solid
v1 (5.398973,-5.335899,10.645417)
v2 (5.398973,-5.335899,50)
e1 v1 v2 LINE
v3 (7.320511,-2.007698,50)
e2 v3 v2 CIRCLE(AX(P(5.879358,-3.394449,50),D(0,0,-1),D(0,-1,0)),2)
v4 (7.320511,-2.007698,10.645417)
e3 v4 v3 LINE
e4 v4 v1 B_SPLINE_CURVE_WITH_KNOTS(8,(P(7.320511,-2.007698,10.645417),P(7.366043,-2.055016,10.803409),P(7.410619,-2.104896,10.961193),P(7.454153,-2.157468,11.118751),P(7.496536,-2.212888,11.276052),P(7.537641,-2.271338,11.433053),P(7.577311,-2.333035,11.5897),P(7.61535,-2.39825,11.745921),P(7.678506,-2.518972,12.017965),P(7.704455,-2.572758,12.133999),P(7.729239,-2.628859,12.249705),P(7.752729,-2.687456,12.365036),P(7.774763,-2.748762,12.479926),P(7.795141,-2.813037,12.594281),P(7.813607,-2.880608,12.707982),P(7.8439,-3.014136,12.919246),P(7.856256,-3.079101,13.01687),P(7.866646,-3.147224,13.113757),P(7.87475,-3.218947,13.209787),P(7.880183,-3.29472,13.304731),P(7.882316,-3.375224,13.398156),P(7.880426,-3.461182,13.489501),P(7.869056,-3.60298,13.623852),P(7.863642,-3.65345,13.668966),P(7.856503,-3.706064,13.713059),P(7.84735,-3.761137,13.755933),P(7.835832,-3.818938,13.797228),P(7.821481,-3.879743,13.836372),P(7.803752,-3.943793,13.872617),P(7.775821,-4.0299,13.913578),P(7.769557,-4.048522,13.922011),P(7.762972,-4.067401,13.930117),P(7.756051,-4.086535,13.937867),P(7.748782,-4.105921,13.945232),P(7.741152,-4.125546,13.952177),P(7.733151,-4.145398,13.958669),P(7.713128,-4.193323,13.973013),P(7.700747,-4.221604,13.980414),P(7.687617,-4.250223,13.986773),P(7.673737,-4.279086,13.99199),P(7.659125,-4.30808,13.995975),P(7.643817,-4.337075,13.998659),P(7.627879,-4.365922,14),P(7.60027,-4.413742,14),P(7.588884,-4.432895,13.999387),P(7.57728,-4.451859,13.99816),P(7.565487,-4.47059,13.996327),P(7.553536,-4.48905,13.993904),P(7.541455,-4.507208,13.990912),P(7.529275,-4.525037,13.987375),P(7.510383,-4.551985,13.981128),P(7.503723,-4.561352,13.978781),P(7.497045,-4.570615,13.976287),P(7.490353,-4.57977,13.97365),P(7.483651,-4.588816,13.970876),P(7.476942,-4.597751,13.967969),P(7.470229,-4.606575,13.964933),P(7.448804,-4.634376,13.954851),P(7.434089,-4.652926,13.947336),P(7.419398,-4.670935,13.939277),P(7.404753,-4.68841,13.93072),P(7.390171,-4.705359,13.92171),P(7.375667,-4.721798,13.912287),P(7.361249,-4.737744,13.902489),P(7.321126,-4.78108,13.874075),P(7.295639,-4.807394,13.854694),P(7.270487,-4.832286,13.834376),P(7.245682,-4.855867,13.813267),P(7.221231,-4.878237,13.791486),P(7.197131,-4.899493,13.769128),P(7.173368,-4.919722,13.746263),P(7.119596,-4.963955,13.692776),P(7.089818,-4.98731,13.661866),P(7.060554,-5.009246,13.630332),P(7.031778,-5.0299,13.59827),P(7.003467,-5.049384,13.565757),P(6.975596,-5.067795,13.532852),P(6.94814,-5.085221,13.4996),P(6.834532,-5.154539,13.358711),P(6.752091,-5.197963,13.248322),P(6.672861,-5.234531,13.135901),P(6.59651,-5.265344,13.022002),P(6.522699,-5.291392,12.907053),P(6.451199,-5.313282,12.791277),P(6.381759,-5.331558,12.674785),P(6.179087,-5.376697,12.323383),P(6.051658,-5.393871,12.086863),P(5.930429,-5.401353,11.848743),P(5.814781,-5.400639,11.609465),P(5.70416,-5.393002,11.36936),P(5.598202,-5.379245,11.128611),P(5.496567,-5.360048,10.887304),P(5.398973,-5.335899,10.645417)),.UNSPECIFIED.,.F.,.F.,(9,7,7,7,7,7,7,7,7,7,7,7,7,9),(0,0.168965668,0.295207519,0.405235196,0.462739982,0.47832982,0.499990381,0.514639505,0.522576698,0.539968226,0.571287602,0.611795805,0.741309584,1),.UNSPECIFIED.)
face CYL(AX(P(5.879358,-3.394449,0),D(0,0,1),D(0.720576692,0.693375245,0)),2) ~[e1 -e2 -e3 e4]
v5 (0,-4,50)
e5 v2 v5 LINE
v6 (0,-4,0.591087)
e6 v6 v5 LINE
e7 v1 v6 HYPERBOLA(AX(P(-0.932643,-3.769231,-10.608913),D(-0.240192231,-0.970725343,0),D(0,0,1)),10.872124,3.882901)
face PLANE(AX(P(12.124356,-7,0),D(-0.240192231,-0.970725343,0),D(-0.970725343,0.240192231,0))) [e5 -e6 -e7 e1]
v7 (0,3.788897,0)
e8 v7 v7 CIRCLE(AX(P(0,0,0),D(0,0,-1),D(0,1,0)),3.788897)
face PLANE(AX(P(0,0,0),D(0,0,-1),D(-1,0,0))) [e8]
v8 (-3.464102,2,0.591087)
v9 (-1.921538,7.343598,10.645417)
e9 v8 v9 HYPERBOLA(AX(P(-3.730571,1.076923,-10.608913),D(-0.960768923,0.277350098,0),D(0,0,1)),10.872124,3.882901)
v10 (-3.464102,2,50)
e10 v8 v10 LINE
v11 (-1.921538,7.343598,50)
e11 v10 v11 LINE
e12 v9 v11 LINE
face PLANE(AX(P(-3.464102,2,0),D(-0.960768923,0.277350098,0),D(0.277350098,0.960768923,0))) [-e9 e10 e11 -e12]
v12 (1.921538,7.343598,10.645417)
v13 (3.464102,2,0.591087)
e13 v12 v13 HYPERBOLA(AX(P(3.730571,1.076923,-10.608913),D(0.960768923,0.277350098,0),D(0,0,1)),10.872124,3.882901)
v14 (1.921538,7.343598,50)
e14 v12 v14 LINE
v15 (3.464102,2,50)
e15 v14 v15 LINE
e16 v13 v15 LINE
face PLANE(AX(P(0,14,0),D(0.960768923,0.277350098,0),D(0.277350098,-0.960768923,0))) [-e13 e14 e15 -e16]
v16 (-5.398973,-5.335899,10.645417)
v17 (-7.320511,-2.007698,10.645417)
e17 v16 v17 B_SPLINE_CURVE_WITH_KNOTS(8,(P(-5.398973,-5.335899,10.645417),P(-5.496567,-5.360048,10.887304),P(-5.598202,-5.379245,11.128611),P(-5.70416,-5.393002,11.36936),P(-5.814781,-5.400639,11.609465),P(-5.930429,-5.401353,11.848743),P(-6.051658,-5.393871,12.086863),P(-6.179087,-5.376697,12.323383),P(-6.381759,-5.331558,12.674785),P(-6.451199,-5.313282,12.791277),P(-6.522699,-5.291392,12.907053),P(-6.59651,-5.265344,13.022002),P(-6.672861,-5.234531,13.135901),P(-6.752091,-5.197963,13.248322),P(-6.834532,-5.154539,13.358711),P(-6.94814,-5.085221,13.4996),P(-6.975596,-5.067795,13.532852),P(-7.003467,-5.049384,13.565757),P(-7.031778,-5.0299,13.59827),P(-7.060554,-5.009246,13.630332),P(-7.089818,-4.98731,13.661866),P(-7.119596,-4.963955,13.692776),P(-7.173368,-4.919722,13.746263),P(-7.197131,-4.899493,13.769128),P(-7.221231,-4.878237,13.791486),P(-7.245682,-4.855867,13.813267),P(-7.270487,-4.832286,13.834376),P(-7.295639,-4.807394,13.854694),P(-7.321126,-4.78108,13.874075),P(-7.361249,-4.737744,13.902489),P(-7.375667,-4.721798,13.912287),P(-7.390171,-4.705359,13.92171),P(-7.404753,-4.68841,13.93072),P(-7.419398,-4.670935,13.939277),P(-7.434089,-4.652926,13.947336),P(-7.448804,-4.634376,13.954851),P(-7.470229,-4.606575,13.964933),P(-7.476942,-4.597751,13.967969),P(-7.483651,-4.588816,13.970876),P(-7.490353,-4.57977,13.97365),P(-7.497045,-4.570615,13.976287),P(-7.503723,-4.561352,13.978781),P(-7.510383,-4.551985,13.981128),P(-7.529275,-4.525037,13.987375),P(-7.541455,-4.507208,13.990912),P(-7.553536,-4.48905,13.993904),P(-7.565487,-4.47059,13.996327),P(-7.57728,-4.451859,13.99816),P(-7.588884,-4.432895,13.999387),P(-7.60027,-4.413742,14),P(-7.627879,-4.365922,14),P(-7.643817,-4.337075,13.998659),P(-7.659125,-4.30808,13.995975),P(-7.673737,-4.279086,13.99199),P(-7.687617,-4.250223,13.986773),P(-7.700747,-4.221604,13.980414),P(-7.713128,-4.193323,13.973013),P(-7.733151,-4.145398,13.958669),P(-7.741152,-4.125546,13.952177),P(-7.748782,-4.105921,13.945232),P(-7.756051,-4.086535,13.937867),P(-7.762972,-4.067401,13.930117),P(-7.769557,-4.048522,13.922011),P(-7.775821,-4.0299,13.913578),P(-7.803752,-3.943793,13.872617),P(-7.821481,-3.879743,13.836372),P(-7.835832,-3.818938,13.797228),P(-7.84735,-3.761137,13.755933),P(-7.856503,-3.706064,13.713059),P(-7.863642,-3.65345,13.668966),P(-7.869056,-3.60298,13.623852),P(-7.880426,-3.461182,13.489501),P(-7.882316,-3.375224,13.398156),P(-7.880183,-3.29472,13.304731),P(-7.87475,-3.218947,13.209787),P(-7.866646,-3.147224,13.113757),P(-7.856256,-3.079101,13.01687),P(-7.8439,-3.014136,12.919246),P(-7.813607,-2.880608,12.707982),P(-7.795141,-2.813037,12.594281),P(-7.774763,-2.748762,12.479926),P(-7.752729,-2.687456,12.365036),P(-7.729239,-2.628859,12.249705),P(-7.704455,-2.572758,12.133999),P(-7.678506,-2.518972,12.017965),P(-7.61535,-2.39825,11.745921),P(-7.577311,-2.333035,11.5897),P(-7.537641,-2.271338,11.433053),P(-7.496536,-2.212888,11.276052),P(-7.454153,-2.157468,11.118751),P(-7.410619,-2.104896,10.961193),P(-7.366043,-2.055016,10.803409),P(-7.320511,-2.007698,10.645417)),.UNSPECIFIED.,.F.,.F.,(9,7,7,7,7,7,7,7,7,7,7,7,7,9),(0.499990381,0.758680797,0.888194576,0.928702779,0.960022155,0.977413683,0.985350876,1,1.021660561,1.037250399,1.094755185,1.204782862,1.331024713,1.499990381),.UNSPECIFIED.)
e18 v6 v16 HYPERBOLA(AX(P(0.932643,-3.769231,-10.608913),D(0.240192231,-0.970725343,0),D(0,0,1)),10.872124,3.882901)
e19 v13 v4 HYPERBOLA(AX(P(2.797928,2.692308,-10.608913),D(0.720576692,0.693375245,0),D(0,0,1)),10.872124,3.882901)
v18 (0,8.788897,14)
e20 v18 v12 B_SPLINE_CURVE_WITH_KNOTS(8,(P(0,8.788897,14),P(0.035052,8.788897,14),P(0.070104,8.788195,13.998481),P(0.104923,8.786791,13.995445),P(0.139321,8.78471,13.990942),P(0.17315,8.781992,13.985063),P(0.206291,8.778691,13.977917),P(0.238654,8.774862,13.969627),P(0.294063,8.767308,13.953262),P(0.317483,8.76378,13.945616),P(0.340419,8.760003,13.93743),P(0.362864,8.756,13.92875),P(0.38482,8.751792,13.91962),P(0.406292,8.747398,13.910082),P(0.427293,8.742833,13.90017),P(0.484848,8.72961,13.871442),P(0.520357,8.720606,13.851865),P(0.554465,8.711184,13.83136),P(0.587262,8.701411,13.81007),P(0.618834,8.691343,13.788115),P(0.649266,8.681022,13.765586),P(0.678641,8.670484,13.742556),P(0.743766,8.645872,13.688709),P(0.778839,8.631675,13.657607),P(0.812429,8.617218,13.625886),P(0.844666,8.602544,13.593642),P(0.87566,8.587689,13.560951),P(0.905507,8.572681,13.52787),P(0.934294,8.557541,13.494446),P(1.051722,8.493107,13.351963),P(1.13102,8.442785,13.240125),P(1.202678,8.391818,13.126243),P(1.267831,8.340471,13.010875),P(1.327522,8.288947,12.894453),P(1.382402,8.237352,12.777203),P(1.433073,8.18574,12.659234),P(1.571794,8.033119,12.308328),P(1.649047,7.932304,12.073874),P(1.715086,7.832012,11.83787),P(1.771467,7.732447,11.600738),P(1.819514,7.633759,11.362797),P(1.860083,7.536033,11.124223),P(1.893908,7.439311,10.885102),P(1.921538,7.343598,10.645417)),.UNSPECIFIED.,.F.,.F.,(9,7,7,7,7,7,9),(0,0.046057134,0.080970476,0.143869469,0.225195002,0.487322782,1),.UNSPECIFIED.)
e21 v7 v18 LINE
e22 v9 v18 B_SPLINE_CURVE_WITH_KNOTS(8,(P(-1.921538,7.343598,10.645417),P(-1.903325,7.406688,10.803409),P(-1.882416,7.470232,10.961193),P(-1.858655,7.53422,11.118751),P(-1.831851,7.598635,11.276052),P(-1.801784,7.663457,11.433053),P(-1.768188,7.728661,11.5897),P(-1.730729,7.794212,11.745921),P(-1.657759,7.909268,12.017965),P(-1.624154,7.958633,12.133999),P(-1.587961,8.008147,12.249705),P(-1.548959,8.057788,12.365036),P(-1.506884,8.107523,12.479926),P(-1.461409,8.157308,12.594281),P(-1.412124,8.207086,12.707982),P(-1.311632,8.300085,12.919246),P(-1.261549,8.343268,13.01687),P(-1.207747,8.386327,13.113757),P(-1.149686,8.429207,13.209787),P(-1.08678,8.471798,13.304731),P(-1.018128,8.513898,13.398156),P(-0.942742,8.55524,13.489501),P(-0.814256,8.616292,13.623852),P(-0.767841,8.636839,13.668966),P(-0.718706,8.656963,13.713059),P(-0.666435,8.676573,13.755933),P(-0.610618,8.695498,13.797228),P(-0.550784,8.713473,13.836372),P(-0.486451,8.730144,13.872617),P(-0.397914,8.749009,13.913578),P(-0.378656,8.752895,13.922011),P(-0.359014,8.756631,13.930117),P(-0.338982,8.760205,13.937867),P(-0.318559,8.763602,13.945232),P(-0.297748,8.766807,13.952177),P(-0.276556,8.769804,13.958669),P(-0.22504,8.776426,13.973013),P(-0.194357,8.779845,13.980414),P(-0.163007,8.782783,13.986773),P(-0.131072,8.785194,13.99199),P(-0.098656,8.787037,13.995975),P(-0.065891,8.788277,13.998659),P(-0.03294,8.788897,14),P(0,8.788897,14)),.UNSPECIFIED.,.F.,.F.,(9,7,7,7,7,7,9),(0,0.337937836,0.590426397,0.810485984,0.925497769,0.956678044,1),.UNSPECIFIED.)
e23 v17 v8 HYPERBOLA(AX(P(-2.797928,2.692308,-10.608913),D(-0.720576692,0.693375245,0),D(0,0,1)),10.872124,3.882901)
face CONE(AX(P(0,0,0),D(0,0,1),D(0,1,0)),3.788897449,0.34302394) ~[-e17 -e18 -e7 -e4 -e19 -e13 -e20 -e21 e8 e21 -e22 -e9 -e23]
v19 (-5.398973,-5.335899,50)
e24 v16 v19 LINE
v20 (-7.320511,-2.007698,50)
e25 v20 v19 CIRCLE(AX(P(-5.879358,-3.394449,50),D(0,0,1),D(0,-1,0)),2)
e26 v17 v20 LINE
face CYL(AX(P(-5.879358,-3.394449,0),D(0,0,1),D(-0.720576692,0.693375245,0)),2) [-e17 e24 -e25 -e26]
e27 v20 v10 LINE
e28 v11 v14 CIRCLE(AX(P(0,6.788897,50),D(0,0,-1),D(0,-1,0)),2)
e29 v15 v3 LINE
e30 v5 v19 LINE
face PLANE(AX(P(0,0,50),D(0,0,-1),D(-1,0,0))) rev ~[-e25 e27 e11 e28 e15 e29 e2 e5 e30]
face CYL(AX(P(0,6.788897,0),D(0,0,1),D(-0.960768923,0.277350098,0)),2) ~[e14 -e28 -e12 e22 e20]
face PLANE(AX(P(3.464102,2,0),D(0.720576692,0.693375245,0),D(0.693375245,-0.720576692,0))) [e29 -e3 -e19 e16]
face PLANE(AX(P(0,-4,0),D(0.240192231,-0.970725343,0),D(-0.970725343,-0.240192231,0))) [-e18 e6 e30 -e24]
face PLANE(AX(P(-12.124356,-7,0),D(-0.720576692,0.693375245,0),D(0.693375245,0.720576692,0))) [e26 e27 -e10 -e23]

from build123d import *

# Parameters (mm, degrees)
BOSS_EXTRUDE1_DEPTH = 50
FILLET1_R           = 2


with BuildPart() as part:
    # Sketch1 → Boss-Extrude1 (new body)
    with BuildSketch(Plane.XY):
        Polygon((-12.124355653, -7), (-3.464101615, 2), (0, 14), (3.464101615, 2), (12.124355653, -7), (0, -4), align=None)
    extrude(amount=BOSS_EXTRUDE1_DEPTH)

    # Fillet1
    fillet1_edges = [part.edges().sort_by_distance(p)[0] for p in [
        (-12.124355653, -7, 25),
        (0, 14, 25),
        (12.124355653, -7, 25),
    ]]
    fillet(fillet1_edges, radius=FILLET1_R)

    # Sketch2 → Cut-Revolve1 (revolve, cut)
    with BuildSketch(Plane(origin=(0, 0, 0), x_dir=(0, 0, -1), z_dir=(1, 0, 0))):
        Polygon((0, 8.788897449), (0, 3.788897449), (-14, 8.788897449), align=None)
    revolve(axis=Axis((0, 0, 0), (0, 0, -1)), mode=Mode.SUBTRACT)


solid = part.part
